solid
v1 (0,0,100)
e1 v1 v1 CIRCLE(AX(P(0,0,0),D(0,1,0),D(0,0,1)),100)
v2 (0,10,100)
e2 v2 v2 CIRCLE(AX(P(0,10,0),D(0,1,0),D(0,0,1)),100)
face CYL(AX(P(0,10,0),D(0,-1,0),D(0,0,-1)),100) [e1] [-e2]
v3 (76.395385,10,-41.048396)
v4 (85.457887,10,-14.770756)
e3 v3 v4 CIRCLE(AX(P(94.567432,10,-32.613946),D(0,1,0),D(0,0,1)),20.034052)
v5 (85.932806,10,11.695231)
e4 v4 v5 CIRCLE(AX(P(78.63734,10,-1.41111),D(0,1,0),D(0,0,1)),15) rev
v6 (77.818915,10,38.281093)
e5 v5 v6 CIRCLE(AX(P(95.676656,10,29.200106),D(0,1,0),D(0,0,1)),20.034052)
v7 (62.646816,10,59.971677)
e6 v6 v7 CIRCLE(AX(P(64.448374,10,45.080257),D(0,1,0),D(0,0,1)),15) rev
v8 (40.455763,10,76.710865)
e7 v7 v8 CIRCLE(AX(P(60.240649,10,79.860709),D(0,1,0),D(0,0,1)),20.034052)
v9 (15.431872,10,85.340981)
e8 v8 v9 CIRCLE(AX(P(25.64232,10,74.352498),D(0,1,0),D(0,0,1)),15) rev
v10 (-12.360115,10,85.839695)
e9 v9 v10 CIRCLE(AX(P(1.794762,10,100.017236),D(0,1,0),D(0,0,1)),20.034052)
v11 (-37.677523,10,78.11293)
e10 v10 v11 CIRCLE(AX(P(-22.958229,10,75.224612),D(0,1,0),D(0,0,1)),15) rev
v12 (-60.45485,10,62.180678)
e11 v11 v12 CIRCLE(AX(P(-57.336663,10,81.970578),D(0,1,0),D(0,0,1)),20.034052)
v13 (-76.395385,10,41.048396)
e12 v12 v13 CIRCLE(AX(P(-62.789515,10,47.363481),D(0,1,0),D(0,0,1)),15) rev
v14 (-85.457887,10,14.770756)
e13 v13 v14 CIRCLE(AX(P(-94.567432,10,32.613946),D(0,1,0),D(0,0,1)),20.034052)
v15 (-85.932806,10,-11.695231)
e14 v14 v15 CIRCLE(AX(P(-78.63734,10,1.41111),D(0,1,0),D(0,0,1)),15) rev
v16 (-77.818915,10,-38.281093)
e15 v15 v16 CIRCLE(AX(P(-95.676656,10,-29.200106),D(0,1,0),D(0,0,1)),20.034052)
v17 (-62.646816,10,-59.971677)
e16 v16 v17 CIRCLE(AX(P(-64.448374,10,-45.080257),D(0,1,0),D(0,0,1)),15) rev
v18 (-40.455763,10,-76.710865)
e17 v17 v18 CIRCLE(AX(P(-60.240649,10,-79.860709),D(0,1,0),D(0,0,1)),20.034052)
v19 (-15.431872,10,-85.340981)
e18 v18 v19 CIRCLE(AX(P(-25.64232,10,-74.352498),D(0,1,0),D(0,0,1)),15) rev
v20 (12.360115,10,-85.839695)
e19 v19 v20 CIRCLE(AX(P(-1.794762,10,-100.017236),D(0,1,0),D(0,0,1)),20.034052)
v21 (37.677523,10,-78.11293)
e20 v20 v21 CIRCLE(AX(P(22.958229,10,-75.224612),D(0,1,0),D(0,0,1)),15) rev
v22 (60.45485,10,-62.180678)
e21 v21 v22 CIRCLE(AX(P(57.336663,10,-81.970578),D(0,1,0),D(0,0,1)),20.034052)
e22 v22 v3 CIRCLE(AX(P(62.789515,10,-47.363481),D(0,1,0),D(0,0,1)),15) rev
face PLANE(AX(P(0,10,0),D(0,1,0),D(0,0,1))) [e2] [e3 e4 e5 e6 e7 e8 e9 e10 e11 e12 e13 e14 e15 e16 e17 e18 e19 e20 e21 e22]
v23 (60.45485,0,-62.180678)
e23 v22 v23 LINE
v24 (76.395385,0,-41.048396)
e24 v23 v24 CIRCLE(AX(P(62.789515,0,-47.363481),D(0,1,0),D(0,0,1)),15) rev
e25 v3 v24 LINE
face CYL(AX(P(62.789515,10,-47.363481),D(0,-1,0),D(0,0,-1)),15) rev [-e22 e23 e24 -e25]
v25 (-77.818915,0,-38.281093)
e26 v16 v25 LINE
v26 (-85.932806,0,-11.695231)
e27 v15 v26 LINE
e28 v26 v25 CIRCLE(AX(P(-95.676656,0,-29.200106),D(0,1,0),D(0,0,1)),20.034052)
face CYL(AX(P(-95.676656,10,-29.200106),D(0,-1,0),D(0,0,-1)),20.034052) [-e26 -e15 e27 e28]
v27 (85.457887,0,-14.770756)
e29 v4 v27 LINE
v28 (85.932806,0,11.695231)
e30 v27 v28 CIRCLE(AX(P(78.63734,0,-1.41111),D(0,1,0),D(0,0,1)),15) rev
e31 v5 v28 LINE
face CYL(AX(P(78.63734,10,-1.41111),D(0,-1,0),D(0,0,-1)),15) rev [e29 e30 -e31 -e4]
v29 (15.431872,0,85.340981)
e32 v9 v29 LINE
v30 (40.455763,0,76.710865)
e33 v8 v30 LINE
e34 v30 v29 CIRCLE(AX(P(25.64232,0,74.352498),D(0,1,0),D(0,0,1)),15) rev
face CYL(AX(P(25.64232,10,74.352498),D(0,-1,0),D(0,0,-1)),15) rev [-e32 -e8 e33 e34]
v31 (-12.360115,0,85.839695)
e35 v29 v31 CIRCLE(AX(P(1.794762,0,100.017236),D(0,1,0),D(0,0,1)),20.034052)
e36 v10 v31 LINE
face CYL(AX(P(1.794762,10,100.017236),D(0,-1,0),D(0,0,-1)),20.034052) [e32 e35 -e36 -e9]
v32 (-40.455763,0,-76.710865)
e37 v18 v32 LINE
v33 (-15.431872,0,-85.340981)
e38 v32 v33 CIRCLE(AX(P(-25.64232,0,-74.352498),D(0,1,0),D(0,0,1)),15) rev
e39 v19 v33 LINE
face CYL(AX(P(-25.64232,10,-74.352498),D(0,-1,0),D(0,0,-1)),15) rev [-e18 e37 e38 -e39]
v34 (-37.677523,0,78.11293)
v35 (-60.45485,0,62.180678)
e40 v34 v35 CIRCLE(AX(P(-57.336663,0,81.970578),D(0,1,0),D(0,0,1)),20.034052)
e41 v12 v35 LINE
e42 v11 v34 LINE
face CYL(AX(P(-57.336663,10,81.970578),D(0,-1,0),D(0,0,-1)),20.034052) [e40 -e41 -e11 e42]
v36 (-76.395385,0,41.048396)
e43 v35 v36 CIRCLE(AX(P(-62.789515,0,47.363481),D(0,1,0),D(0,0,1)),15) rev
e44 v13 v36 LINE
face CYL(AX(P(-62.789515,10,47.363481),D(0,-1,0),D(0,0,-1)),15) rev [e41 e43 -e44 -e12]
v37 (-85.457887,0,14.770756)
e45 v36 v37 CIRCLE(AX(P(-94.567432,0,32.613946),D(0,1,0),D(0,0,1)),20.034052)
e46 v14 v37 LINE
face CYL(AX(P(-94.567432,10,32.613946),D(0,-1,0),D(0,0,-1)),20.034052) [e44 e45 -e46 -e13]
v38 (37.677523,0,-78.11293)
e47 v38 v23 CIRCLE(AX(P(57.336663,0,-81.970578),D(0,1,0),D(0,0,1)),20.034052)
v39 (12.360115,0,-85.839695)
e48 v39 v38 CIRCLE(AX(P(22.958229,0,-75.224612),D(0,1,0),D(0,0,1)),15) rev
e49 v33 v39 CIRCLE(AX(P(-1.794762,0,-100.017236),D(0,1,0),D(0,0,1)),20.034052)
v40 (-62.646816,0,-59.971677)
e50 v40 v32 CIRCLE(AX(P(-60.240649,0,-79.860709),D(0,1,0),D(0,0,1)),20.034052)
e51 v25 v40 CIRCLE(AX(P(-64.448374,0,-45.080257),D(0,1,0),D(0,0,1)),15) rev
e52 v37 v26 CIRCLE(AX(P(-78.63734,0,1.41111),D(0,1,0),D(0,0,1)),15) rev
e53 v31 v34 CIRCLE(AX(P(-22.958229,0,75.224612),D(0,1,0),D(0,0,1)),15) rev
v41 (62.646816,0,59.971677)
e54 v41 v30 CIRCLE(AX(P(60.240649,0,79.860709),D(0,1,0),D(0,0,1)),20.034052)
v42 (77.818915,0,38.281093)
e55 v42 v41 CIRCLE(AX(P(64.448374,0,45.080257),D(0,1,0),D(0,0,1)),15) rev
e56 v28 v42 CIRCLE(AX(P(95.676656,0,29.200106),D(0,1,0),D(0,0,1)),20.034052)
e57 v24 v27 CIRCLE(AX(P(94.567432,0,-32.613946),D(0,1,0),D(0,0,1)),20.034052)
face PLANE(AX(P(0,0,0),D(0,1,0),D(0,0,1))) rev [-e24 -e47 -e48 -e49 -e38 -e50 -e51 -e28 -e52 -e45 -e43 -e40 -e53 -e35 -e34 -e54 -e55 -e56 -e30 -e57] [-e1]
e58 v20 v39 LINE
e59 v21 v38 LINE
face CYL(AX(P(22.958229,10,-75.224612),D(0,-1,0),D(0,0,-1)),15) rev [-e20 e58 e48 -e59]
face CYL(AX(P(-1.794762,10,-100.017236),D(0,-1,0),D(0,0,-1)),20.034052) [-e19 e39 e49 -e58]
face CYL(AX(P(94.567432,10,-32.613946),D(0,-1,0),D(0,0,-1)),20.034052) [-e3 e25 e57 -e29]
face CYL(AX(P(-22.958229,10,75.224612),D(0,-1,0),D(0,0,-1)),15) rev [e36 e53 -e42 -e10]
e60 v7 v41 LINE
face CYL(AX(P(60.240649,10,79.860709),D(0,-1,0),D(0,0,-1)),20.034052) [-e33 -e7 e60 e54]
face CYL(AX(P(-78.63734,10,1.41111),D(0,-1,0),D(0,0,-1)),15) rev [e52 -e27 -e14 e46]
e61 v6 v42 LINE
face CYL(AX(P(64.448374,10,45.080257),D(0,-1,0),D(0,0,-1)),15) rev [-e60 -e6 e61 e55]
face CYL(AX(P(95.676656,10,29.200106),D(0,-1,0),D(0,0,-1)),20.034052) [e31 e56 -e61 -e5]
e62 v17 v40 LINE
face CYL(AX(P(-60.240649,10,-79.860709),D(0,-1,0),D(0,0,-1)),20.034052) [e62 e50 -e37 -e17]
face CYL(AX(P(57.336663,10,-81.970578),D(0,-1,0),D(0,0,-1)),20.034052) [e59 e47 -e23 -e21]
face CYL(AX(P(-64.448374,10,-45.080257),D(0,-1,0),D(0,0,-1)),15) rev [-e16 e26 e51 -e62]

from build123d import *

# Parameters (mm, degrees)
SKETCH1_R           = 100
BOSS_EXTRUDE1_DEPTH = 10


with BuildPart() as part:
    # Sketch1 → Boss-Extrude1 (new body)
    with BuildSketch(Plane(origin=(0, 0, 0), x_dir=(1, 0, 0), z_dir=(0, 1, 0))):
        with Locations(Location((0, 0, 0), (0, 0, 270))):
            Circle(SKETCH1_R)
        with BuildLine():
            ThreePointArc((-40.455763136, 76.710865294), (-30.532781322, 88.532885217), (-15.431871826, 85.340980525))
            ThreePointArc((-15.431871826, 85.340980525), (-1.435318351, 79.986408862), (12.360115413, 85.839694617))
            ThreePointArc((12.360115413, 85.839694617), (27.336785299, 89.571327274), (37.677523206, 78.112930236))
            ThreePointArc((37.677523206, 78.112930236), (45.853634574, 65.554023048), (60.454849979, 62.180678181))
            ThreePointArc((60.454849979, 62.180678181), (74.764629078, 56.396566729), (76.395384986, 41.048395558))
            ThreePointArc((76.395384986, 41.048395558), (75.6280576, 26.082228528), (85.457886638, 14.770756123))
            ThreePointArc((85.457886638, 14.770756123), (93.634925706, 1.680234544), (85.932806285, -11.69523104))
            ThreePointArc((85.932806285, -11.69523104), (76.515133126, -23.352090786), (77.818915207, -38.281092734))
            ThreePointArc((77.818915207, -38.281092734), (76.739863248, -53.677890129), (62.646816331, -59.971676886))
            ThreePointArc((62.646816331, -59.971676886), (48.176028451, -63.866705129), (40.455763136, -76.710865294))
            ThreePointArc((40.455763136, -76.710865294), (30.532781322, -88.532885217), (15.431871826, -85.340980525))
            ThreePointArc((15.431871826, -85.340980525), (1.435318351, -79.986408862), (-12.360115413, -85.839694617))
            ThreePointArc((-12.360115413, -85.839694617), (-27.336785299, -89.571327274), (-37.677523206, -78.112930236))
            ThreePointArc((-37.677523206, -78.112930236), (-45.853634574, -65.554023048), (-60.454849979, -62.180678181))
            ThreePointArc((-60.454849979, -62.180678181), (-74.764629078, -56.396566729), (-76.395384986, -41.048395558))
            ThreePointArc((-76.395384986, -41.048395558), (-75.6280576, -26.082228528), (-85.457886638, -14.770756123))
            ThreePointArc((-85.457886638, -14.770756123), (-93.634925706, -1.680234544), (-85.932806285, 11.69523104))
            ThreePointArc((-85.932806285, 11.69523104), (-76.515133126, 23.352090786), (-77.818915207, 38.281092734))
            ThreePointArc((-77.818915207, 38.281092734), (-76.739863248, 53.677890129), (-62.646816331, 59.971676886))
            ThreePointArc((-62.646816331, 59.971676886), (-48.176028451, 63.866705129), (-40.455763136, 76.710865294))
        make_face(mode=Mode.SUBTRACT)
    extrude(amount=BOSS_EXTRUDE1_DEPTH)


solid = part.part
